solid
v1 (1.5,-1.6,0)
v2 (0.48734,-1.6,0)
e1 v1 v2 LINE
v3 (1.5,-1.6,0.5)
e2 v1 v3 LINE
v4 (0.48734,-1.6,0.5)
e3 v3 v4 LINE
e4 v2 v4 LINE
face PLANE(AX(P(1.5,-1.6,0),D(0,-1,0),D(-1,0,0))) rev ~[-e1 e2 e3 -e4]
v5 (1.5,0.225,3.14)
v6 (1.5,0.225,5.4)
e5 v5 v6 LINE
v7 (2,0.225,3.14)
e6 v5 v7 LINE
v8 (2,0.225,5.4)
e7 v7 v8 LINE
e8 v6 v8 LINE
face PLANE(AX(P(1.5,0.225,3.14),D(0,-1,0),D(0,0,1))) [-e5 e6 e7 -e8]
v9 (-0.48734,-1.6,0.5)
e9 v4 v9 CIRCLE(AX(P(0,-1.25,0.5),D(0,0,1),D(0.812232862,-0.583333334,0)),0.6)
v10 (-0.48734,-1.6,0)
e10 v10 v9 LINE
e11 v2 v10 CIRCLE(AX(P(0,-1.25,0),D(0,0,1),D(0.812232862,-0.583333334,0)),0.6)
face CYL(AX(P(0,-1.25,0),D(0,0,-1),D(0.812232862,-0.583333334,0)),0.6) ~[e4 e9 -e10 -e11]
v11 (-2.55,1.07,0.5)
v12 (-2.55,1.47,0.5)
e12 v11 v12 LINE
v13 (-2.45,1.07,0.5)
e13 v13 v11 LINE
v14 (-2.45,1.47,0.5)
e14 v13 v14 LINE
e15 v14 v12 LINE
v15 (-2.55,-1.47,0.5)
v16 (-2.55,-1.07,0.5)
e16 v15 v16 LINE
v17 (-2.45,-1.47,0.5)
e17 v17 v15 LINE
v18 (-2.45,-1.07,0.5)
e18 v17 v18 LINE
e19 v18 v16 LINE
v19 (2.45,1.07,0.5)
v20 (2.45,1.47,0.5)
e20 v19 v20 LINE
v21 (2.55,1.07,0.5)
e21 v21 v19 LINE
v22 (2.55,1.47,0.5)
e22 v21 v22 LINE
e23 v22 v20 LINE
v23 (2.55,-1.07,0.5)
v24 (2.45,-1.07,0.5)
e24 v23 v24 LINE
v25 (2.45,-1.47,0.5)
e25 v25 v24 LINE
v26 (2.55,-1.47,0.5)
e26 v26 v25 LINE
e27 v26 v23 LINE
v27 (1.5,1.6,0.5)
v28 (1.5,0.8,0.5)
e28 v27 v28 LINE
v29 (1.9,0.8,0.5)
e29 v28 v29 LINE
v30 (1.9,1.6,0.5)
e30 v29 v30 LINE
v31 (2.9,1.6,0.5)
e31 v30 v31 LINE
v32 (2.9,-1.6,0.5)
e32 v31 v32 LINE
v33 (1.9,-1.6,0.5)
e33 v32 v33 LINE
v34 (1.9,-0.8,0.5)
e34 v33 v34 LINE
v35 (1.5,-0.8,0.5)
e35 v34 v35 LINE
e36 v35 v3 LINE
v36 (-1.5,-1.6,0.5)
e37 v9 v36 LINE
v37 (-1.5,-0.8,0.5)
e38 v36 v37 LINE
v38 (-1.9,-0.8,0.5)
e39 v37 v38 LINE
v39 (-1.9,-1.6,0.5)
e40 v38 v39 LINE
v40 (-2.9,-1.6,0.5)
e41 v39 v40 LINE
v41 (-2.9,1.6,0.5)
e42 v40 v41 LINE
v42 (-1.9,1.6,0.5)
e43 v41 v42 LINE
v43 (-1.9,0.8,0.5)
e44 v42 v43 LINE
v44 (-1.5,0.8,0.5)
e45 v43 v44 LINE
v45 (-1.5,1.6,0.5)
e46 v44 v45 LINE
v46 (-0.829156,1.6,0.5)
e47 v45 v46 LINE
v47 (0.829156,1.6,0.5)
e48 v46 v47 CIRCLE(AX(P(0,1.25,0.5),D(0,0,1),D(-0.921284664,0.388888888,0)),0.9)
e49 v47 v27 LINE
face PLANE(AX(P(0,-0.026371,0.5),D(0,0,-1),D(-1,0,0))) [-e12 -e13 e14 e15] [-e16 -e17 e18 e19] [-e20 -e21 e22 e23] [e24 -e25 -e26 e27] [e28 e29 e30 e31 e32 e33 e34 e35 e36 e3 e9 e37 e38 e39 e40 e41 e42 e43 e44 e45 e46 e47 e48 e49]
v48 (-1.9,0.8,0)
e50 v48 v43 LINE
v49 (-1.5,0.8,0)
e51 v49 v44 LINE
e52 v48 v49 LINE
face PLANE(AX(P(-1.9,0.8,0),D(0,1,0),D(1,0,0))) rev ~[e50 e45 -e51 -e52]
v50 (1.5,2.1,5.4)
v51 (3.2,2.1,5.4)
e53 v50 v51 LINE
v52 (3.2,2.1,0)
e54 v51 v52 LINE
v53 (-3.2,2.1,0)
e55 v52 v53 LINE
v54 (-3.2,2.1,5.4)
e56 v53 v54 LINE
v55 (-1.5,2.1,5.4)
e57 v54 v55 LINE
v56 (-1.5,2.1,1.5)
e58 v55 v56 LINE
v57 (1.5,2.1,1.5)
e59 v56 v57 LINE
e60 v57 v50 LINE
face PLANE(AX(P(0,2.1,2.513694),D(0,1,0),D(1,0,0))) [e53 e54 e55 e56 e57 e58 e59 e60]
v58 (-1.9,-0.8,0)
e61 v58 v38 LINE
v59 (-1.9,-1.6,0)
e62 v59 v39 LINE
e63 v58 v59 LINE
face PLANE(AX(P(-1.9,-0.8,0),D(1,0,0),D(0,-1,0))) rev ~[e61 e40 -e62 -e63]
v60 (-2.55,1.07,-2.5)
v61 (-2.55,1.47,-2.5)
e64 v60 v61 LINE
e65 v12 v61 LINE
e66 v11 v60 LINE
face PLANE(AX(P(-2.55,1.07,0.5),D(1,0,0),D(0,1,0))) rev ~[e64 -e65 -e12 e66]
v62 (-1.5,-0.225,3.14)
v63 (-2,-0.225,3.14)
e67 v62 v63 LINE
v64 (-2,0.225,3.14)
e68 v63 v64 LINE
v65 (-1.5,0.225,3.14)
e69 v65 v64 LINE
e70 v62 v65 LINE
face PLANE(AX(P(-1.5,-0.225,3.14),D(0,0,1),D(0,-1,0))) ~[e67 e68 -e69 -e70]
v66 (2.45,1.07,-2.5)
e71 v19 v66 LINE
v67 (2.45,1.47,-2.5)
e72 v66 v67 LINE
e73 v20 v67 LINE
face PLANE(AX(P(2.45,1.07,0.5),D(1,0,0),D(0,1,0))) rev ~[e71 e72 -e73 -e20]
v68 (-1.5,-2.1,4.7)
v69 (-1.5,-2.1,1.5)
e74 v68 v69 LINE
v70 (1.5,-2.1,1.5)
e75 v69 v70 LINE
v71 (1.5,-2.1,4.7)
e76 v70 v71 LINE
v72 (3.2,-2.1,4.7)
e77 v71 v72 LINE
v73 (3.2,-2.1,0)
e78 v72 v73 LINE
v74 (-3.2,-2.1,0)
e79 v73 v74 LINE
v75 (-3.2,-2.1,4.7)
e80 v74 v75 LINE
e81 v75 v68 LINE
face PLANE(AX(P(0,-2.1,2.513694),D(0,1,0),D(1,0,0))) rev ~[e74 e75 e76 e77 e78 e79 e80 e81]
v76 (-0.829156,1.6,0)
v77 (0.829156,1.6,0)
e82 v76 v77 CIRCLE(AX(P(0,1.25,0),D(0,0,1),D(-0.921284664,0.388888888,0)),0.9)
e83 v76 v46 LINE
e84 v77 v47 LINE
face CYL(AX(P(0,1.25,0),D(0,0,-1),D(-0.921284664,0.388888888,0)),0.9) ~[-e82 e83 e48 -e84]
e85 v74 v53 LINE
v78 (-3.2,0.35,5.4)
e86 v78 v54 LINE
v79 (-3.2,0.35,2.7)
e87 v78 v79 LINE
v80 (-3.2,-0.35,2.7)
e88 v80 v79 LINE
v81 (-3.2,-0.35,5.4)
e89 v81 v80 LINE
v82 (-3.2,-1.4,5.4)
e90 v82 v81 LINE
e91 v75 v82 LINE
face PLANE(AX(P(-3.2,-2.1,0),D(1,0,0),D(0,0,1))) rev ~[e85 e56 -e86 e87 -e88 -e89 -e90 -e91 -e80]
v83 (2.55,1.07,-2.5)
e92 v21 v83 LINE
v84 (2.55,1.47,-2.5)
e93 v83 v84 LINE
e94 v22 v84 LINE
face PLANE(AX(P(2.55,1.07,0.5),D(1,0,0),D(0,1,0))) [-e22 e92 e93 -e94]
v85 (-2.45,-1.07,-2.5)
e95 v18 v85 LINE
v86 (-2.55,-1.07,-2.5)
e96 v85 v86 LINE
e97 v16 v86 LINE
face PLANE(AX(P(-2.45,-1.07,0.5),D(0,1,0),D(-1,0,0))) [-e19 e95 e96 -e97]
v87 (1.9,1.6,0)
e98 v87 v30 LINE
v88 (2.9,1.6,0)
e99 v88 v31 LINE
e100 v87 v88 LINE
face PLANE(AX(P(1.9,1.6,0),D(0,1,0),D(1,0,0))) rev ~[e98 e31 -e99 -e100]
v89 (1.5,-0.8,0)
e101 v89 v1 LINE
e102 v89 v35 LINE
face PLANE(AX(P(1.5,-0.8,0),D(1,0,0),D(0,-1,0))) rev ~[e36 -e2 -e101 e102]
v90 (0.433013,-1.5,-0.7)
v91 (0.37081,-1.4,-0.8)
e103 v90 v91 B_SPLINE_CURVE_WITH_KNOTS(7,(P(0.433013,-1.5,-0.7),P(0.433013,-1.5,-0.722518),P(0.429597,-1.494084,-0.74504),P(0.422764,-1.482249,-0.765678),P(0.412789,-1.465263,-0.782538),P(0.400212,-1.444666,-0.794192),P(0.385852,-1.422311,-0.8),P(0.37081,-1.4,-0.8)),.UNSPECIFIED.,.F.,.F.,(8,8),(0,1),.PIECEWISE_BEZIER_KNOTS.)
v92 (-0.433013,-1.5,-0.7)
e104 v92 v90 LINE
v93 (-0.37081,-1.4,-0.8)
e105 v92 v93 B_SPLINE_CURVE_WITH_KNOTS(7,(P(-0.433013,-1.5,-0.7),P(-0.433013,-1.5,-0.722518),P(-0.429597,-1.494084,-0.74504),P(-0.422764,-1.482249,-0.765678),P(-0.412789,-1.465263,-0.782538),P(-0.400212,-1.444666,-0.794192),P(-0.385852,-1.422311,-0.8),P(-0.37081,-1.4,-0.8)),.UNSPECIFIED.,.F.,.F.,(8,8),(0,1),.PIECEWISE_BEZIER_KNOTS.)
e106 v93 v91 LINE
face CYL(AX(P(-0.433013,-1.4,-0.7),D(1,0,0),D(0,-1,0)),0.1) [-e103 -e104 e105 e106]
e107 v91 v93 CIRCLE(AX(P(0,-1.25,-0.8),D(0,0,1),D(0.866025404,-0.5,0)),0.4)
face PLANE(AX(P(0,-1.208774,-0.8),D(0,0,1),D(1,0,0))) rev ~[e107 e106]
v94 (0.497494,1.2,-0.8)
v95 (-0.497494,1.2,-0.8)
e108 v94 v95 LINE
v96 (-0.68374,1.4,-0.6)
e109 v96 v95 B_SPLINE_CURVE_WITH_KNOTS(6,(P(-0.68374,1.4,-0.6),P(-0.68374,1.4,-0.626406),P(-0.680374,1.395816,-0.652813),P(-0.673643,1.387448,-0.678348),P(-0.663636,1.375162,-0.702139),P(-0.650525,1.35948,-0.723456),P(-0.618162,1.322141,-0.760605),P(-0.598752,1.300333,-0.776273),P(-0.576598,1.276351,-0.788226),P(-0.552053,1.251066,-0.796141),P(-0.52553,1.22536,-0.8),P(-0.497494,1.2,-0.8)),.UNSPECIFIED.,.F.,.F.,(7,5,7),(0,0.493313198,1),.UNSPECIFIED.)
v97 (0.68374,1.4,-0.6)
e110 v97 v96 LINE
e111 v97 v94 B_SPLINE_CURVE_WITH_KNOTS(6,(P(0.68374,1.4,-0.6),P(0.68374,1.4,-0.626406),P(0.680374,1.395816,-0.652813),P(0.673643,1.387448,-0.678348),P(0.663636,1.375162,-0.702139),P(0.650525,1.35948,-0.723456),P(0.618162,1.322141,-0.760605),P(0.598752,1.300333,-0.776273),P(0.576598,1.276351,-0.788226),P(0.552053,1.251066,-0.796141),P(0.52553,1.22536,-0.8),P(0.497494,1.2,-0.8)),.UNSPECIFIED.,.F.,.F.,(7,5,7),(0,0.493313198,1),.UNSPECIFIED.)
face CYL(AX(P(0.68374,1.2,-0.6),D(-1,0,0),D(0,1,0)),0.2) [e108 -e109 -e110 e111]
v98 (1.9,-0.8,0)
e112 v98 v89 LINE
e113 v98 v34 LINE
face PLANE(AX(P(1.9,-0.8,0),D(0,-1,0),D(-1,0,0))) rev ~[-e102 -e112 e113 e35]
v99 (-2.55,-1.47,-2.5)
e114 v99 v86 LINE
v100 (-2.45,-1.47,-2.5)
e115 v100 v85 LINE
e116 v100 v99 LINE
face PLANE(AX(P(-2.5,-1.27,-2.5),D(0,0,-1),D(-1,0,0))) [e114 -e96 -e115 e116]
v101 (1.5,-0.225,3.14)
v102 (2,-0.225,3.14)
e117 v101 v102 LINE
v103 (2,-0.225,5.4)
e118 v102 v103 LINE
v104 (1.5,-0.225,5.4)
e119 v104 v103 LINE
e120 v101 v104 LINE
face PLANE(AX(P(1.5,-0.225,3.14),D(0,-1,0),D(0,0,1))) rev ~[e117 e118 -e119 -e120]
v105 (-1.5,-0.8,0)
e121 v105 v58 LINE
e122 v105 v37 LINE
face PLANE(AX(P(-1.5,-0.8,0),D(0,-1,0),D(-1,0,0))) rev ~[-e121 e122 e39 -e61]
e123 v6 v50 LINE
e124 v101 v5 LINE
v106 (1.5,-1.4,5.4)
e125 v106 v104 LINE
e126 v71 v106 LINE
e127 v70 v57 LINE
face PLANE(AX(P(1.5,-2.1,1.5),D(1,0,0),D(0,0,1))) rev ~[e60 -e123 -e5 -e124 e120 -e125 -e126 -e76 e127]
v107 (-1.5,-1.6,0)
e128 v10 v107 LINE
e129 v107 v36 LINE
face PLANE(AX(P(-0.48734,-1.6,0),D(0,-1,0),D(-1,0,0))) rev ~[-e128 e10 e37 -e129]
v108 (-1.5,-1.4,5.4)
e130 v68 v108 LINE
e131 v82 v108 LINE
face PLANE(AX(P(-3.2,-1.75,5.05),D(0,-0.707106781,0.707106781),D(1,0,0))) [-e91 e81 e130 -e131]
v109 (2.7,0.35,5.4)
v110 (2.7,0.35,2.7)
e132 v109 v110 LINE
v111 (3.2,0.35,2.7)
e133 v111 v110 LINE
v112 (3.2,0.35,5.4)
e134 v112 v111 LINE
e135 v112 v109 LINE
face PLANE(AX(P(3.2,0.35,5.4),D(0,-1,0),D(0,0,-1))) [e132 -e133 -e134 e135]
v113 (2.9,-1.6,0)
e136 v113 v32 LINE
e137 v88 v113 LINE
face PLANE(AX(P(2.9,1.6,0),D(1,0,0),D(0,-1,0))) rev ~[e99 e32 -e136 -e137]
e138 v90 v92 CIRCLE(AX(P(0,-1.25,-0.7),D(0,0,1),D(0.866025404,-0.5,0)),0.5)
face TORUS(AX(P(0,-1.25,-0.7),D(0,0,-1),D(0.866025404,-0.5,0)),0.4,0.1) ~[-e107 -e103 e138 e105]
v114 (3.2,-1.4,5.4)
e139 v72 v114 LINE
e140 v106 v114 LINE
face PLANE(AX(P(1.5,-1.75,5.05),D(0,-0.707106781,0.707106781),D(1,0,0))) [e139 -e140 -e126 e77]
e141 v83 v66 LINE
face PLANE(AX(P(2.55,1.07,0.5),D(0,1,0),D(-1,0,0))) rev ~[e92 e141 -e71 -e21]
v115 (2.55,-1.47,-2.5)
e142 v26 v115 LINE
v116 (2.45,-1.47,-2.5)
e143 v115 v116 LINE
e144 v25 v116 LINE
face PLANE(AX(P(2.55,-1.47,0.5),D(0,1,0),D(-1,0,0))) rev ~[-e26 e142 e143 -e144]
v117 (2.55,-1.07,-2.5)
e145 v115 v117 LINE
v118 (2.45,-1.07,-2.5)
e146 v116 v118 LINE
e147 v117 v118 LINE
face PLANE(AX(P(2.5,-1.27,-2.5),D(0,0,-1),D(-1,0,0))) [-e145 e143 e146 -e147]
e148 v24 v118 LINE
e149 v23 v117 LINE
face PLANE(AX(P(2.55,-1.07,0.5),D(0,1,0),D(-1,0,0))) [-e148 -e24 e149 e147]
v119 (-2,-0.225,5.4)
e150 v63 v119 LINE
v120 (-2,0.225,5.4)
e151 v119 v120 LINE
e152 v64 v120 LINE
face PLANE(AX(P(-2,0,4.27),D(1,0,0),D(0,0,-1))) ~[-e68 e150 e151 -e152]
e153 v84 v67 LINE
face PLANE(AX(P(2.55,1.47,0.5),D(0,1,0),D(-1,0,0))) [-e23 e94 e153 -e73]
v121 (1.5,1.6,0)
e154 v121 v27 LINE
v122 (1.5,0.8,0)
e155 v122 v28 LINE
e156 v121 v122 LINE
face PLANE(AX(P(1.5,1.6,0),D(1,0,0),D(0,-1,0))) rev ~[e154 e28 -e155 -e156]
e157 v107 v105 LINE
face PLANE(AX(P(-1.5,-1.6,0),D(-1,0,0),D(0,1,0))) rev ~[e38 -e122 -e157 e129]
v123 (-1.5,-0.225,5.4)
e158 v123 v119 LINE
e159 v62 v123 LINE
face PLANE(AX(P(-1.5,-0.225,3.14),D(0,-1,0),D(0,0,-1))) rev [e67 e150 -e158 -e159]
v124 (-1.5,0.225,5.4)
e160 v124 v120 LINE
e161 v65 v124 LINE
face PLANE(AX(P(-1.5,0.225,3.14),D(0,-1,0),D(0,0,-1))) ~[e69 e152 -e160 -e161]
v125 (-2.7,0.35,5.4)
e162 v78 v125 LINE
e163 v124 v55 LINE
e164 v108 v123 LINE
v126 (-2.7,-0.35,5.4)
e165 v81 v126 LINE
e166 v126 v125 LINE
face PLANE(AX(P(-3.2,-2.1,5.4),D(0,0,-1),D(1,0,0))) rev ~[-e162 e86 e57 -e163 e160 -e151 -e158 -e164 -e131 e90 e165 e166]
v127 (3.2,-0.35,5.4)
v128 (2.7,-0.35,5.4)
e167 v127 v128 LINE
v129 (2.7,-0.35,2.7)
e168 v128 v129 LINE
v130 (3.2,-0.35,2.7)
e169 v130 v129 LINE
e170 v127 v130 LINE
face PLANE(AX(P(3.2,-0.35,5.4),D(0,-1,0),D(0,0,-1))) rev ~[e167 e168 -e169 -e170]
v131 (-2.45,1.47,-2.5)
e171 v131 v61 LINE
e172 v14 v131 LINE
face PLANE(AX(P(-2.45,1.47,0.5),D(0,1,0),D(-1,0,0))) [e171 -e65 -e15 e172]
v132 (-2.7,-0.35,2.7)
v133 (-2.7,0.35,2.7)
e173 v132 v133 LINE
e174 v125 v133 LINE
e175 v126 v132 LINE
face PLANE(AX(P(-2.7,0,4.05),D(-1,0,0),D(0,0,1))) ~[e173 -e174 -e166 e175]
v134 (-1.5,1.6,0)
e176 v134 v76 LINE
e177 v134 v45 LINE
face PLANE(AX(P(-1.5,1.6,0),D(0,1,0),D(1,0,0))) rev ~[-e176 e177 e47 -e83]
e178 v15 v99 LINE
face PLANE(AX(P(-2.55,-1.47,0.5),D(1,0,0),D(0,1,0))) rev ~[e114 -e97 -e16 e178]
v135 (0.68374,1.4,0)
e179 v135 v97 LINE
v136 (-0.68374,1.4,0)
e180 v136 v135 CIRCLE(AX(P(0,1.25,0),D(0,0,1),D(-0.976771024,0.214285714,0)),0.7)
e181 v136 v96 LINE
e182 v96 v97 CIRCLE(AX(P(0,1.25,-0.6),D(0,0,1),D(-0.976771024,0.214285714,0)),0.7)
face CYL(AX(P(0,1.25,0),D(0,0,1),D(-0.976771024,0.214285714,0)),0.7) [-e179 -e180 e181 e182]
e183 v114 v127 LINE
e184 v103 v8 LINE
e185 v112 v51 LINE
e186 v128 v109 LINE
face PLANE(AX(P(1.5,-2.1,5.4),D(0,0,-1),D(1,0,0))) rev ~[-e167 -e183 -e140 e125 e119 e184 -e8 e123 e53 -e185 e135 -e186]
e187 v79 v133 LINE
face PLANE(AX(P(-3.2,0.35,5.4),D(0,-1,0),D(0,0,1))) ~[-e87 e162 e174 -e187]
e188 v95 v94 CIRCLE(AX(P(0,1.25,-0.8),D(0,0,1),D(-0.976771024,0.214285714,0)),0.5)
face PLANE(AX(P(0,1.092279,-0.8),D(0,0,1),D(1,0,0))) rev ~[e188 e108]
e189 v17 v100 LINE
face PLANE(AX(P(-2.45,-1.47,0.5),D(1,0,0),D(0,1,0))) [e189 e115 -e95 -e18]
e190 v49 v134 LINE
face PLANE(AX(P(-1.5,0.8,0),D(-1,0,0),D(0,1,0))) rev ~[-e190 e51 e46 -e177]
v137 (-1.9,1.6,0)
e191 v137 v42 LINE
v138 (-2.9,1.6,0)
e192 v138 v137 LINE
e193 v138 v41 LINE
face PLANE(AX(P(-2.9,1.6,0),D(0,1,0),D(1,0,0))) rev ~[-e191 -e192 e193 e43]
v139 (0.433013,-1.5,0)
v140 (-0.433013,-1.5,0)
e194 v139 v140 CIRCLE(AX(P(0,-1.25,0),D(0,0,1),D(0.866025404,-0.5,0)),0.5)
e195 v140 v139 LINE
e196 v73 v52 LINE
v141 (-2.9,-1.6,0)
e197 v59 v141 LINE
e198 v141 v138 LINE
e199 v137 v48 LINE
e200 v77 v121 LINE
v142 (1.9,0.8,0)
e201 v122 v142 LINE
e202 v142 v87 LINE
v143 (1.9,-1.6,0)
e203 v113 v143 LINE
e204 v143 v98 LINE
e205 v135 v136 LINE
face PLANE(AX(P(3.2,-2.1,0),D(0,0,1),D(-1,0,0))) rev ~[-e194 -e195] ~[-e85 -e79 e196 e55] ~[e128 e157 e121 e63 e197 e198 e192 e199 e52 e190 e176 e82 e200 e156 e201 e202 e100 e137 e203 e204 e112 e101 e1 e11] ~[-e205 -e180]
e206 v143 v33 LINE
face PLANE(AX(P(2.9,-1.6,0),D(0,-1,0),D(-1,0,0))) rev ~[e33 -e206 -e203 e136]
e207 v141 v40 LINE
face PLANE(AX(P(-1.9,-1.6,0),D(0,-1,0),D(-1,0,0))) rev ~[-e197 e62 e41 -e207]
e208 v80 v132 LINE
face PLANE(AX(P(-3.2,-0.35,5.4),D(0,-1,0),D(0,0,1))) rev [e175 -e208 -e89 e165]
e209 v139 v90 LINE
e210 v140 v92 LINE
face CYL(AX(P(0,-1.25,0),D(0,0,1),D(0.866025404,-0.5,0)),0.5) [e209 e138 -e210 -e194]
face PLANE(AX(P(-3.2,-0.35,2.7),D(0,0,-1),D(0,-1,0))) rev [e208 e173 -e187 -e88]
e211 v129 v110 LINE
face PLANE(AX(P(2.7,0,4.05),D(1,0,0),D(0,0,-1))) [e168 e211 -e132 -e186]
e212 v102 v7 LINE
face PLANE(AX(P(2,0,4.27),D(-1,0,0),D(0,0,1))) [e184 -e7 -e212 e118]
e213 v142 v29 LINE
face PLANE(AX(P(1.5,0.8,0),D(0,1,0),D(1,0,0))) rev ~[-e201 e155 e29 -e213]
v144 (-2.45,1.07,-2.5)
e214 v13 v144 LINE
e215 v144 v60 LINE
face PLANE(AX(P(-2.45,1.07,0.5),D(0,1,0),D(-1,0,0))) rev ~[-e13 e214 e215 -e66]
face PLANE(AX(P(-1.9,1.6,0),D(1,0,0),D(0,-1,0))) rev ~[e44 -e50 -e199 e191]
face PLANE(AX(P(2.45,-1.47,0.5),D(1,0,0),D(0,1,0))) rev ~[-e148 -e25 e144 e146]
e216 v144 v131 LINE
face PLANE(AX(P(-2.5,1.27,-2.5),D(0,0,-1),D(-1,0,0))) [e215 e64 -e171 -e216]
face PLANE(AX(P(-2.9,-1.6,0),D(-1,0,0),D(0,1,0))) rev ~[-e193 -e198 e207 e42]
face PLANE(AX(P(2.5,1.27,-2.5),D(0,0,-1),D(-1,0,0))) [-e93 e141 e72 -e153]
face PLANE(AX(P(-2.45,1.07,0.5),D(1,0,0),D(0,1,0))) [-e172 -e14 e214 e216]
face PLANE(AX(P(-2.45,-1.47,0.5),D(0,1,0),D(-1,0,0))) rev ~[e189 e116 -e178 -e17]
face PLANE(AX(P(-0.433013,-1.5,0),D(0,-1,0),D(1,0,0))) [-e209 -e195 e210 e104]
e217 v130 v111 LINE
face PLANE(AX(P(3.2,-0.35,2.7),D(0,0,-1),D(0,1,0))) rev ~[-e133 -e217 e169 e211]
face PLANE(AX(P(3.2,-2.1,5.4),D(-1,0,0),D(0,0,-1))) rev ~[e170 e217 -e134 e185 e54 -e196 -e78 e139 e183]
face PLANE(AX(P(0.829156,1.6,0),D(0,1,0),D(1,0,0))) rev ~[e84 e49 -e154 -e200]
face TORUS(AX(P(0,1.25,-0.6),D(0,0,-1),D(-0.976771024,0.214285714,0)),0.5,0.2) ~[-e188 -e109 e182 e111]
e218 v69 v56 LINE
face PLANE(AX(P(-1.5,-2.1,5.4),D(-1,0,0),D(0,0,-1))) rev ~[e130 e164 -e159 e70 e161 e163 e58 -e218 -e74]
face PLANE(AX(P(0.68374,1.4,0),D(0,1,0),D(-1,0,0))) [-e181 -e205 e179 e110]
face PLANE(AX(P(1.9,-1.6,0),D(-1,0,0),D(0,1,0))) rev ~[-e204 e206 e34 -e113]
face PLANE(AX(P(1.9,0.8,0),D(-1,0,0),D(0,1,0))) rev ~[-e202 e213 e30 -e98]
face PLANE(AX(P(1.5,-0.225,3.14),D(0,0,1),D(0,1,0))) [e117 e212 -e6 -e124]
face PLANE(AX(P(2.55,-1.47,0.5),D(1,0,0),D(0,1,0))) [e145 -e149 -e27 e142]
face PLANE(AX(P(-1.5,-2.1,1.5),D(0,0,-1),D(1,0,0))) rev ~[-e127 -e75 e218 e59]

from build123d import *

# Parameters (mm, degrees)
EXTRUDE_1_DEPTH      = 2.1
EXTRUDE_1_DEPTH_BACK = 2.1
SKETCH_3_W           = 2.7
SKETCH_3_H           = 0.7
CUT_EXTRUDE_1_DEPTH  = 0.5
SKETCH_4_W           = 2.26
SKETCH_4_H           = 0.45
CUT_EXTRUDE_2_DEPTH  = 0.5
CHAMFER_1_SIZE       = 0.7
CUT_EXTRUDE_3_DEPTH  = 0.5
EXTRUDE_3_DEPTH      = 0.8
FILLET_1_R           = 0.2
FILLET_2_R           = 0.1
SKETCH_2_W           = 0.1
SKETCH_2_H           = 0.4
EXTRUDE_2_DEPTH      = 3


with BuildPart() as part:
    # Эскиз1 → Бобышка-Вытянуть1 (new, two sides: drawn at the far end of the back side and taken through both)
    with BuildSketch(Plane(origin=(0, 0, 0), x_dir=(1, 0, 0), z_dir=(0, 1, 0)).offset(-EXTRUDE_1_DEPTH_BACK)):
        Polygon((3.2, 0), (-3.2, 0), (-3.2, -5.4), (-1.5, -5.4), (-1.5, -1.5), (1.5, -1.5), (1.5, -5.4), (3.2, -5.4), align=None)
    extrude(amount=EXTRUDE_1_DEPTH + EXTRUDE_1_DEPTH_BACK)

    # Эскиз3 → Вырез-Вытянуть1 (cut)
    with BuildSketch(Plane(origin=(3.2, 0, 0), x_dir=(0, 0, -1), z_dir=(1, 0, 0))):
        with Locations((-4.05, 0)):
            Rectangle(SKETCH_3_W, SKETCH_3_H)
    cut_extrude_1 = extrude(amount=-CUT_EXTRUDE_1_DEPTH, mode=Mode.SUBTRACT)

    # Эскиз4 → Вырез-Вытянуть2 (cut)
    with BuildSketch(Plane.ZY.offset(-1.5)):
        with Locations((4.27, 0)):
            Rectangle(SKETCH_4_W, SKETCH_4_H)
    cut_extrude_2 = extrude(amount=-CUT_EXTRUDE_2_DEPTH, mode=Mode.SUBTRACT)

    # Зеркальное отражение1: Вырез-Вытянуть1, Вырез-Вытянуть2 across plane
    add(cut_extrude_1.mirror(Plane(origin=(0, 0, 0), x_dir=(0, 0, 1), z_dir=(1, 0, 0))), mode=Mode.SUBTRACT)
    add(cut_extrude_2.mirror(Plane(origin=(0, 0, 0), x_dir=(0, 0, 1), z_dir=(1, 0, 0))), mode=Mode.SUBTRACT)

    # Фаска1
    chamfer_1_edges = [part.edges().sort_by_distance(p)[0] for p in [
        (-2.35, -2.1, 5.4),
        (2.35, -2.1, 5.4),
    ]]
    chamfer(chamfer_1_edges, length=CHAMFER_1_SIZE)

    # Эскиз6 → Вырез-Вытянуть3 (cut)
    with BuildSketch(Plane(origin=(0, 0, 0), x_dir=(-1, 0, 0), z_dir=(0, 0, -1))):
        with BuildLine():
            Line((2.9, -1.6), (2.9, 1.6))
            Line((2.9, 1.6), (1.9, 1.6))
            Line((1.9, 1.6), (1.9, 0.8))
            Line((1.9, 0.8), (1.5, 0.8))
            Line((1.5, 0.8), (1.5, 1.6))
            Line((1.5, 1.6), (0.829156198, 1.6))
            ThreePointArc((0.829156198, 1.6), (0, 0.35), (-0.829156198, 1.6))
            Line((-0.829156198, 1.6), (-1.5, 1.6))
            Line((-1.5, 1.6), (-1.5, 0.8))
            Line((-1.5, 0.8), (-1.9, 0.8))
            Line((-1.9, 0.8), (-1.9, 1.6))
            Line((-1.9, 1.6), (-2.9, 1.6))
            Line((-2.9, 1.6), (-2.9, -1.6))
            Line((-2.9, -1.6), (-1.9, -1.6))
            Line((-1.9, -1.6), (-1.9, -0.8))
            Line((-1.9, -0.8), (-1.5, -0.8))
            Line((-1.5, -0.8), (-1.5, -1.6))
            Line((-1.5, -1.6), (-0.487339717, -1.6))
            ThreePointArc((-0.487339717, -1.6), (0, -0.65), (0.487339717, -1.6))
            Line((0.487339717, -1.6), (1.5, -1.6))
            Line((1.5, -1.6), (1.5, -0.8))
            Line((1.5, -0.8), (1.9, -0.8))
            Line((1.9, -0.8), (1.9, -1.6))
            Line((1.9, -1.6), (2.9, -1.6))
        make_face()
    extrude(amount=-CUT_EXTRUDE_3_DEPTH, mode=Mode.SUBTRACT)

    # Эскиз5 → Бобышка-Вытянуть3 (add)
    with BuildSketch(Plane(origin=(0, 0, 0), x_dir=(-1, 0, 0), z_dir=(0, 0, -1))):
        with BuildLine():
            Line((0.433012702, -1.5), (-0.433012702, -1.5))
            ThreePointArc((-0.433012702, -1.5), (0, -0.75), (0.433012702, -1.5))
        make_face()
        with BuildLine():
            Line((-0.683739717, 1.4), (0.683739717, 1.4))
            ThreePointArc((0.683739717, 1.4), (0, 0.55), (-0.683739717, 1.4))
        make_face()
    extrude(amount=EXTRUDE_3_DEPTH)

    # Скругление1
    fillet_1_edges = [part.edges().sort_by_distance(p)[0] for p in [
        (0, 0.55, -0.8),
        (0, 1.4, -0.8),
    ]]
    fillet(fillet_1_edges, radius=FILLET_1_R)

    # Скругление2
    fillet_2_edges = [part.edges().sort_by_distance(p)[0] for p in [
        (0, -0.75, -0.8),
        (0, -1.5, -0.8),
    ]]
    fillet(fillet_2_edges, radius=FILLET_2_R)

    # Эскиз2 → Бобышка-Вытянуть2 (add)
    with BuildSketch(Plane(origin=(0, 0, 0.5), x_dir=(-1, 0, 0), z_dir=(0, 0, -1))):
        with Locations((-2.5, 1.27)):
            Rectangle(SKETCH_2_W, SKETCH_2_H)
        with Locations((-2.5, -1.27)):
            Rectangle(SKETCH_2_W, SKETCH_2_H)
        with Locations((2.5, -1.27)):
            Rectangle(SKETCH_2_W, SKETCH_2_H)
        with Locations((2.5, 1.27)):
            Rectangle(SKETCH_2_W, SKETCH_2_H)
    extrude(amount=EXTRUDE_2_DEPTH)


solid = part.part
